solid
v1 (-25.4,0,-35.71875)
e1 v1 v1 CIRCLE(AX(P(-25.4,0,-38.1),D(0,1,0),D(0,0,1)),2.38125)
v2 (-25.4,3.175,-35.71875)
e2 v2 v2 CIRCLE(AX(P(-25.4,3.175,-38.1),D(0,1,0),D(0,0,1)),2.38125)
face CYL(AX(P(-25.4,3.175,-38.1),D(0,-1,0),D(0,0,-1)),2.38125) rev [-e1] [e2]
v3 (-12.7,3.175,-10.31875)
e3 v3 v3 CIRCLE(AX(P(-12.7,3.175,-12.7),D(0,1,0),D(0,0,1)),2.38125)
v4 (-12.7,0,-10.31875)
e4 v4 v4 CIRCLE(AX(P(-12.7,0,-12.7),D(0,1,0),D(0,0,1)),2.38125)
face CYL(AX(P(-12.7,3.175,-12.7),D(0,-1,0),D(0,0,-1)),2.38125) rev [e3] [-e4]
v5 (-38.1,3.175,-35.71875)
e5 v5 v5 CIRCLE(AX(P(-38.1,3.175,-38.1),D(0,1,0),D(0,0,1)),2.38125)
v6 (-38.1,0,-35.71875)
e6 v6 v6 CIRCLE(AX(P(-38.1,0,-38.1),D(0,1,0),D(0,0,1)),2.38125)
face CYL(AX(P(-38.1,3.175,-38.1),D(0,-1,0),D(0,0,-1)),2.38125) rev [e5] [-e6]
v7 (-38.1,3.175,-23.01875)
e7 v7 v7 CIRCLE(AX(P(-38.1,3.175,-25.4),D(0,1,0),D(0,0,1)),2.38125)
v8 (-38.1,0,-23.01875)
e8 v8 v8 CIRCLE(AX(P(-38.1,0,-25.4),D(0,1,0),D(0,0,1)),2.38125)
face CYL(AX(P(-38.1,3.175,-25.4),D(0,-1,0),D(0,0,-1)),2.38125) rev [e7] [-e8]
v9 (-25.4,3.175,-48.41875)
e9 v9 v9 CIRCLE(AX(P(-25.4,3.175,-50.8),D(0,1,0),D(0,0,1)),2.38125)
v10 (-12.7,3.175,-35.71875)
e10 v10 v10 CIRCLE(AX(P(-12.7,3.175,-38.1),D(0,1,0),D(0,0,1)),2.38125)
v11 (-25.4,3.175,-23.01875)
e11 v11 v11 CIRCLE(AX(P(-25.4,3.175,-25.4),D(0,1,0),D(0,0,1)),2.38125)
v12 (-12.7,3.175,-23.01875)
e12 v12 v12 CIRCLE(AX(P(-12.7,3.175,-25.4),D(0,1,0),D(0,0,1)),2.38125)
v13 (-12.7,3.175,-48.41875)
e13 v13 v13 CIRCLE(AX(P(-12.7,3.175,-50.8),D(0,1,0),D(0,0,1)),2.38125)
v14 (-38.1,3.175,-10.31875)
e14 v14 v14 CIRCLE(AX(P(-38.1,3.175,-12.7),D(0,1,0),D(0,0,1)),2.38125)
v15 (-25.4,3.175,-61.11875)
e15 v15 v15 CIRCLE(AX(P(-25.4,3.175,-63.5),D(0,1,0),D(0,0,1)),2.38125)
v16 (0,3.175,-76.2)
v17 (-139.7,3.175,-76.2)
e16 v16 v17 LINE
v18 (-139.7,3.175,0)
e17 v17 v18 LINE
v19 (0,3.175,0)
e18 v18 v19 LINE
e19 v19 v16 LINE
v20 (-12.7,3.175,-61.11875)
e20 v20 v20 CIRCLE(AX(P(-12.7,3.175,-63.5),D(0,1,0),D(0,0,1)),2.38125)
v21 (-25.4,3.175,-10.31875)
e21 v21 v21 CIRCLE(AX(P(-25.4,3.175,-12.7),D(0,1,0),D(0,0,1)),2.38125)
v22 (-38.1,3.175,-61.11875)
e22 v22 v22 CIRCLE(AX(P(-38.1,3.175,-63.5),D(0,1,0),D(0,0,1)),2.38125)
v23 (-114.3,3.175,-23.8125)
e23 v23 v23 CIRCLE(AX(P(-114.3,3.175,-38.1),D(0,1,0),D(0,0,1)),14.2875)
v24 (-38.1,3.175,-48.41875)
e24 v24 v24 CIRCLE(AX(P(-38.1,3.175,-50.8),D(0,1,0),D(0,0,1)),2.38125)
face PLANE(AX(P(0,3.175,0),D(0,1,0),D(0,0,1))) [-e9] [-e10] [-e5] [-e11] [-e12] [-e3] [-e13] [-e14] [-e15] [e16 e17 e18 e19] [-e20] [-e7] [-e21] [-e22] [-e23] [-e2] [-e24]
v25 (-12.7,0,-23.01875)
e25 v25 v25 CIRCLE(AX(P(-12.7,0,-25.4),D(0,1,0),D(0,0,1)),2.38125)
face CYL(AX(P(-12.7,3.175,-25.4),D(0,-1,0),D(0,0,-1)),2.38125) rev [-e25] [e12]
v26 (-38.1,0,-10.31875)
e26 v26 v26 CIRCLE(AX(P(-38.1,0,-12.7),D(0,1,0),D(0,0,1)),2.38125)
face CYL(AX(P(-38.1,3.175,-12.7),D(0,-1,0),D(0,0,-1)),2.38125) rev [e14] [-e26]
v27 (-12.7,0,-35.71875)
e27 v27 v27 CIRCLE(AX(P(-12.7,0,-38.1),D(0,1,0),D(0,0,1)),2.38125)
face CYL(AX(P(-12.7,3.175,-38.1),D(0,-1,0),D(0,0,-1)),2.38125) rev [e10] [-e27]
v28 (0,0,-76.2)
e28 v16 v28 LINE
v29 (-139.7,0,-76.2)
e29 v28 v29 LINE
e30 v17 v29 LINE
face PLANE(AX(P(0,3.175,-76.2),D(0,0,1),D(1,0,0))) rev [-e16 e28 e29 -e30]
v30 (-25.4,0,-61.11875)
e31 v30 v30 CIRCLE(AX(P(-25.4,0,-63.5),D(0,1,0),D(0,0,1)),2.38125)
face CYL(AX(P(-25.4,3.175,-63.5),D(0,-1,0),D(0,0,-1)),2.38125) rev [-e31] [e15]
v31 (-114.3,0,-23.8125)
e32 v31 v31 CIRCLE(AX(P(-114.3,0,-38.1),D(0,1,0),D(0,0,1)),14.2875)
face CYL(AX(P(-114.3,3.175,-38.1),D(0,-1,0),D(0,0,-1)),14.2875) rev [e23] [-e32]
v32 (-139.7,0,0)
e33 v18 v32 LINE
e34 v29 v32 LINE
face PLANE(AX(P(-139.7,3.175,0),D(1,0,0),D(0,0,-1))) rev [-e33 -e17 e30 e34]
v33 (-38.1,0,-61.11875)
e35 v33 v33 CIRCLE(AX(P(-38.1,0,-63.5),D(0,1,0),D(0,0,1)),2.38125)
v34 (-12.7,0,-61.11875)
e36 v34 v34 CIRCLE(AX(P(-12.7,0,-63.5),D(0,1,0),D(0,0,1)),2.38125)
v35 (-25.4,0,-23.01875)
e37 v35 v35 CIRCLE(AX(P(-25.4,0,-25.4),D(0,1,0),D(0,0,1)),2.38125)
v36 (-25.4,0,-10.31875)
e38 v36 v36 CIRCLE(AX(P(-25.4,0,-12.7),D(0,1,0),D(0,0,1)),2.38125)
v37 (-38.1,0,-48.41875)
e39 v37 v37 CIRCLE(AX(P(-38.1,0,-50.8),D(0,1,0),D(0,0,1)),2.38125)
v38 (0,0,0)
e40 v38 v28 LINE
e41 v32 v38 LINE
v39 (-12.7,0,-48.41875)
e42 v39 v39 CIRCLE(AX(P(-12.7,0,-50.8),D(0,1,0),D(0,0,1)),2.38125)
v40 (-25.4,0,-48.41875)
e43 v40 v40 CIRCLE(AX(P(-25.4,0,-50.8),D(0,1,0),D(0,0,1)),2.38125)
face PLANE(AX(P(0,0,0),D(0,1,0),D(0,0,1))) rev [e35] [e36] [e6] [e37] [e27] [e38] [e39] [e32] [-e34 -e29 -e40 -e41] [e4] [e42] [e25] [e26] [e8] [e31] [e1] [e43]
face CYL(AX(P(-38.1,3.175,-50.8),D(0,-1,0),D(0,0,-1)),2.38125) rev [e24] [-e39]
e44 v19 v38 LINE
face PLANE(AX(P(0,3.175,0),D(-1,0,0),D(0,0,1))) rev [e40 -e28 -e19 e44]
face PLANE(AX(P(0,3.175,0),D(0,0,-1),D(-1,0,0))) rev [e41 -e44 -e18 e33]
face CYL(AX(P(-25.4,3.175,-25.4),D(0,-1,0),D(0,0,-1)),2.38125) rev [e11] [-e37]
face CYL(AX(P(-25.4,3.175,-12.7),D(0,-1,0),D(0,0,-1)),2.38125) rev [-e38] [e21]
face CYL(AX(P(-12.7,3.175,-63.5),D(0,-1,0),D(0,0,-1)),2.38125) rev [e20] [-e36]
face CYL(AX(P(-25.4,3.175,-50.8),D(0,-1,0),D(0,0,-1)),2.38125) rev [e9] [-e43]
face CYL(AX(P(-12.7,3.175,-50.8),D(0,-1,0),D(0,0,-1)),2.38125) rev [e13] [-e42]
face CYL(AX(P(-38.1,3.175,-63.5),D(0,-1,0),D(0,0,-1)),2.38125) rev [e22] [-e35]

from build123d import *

# Parameters (mm, degrees)
SKETCH1_W           = 139.7
SKETCH1_H           = 76.2
SKETCH1_R           = 14.2875
SKETCH1_R_2         = 2.38125
BOSS_EXTRUDE1_DEPTH = 3.175


with BuildPart() as part:
    # Sketch1 → Boss-Extrude1 (new body)
    with BuildSketch(Plane(origin=(0, 0, 0), x_dir=(1, 0, 0), z_dir=(0, 1, 0))):
        with Locations((-69.85, 38.1)):
            Rectangle(SKETCH1_W, SKETCH1_H)
        with Locations((-114.3, 38.1)):
            Circle(SKETCH1_R, mode=Mode.SUBTRACT)
        with Locations((-38.1, 12.7)):
            Circle(SKETCH1_R_2, mode=Mode.SUBTRACT)
        with Locations((-25.4, 12.7)):
            Circle(SKETCH1_R_2, mode=Mode.SUBTRACT)
        with Locations((-12.7, 12.7)):
            Circle(SKETCH1_R_2, mode=Mode.SUBTRACT)
        with Locations((-25.4, 25.4)):
            Circle(SKETCH1_R_2, mode=Mode.SUBTRACT)
        with Locations((-12.7, 25.4)):
            Circle(SKETCH1_R_2, mode=Mode.SUBTRACT)
        with Locations((-25.4, 38.1)):
            Circle(SKETCH1_R_2, mode=Mode.SUBTRACT)
        with Locations((-12.7, 38.1)):
            Circle(SKETCH1_R_2, mode=Mode.SUBTRACT)
        with Locations((-25.4, 50.8)):
            Circle(SKETCH1_R_2, mode=Mode.SUBTRACT)
        with Locations((-12.7, 50.8)):
            Circle(SKETCH1_R_2, mode=Mode.SUBTRACT)
        with Locations((-25.4, 63.5)):
            Circle(SKETCH1_R_2, mode=Mode.SUBTRACT)
        with Locations((-12.7, 63.5)):
            Circle(SKETCH1_R_2, mode=Mode.SUBTRACT)
        with Locations((-38.1, 25.4)):
            Circle(SKETCH1_R_2, mode=Mode.SUBTRACT)
        with Locations((-38.1, 38.1)):
            Circle(SKETCH1_R_2, mode=Mode.SUBTRACT)
        with Locations((-38.1, 50.8)):
            Circle(SKETCH1_R_2, mode=Mode.SUBTRACT)
        with Locations((-38.1, 63.5)):
            Circle(SKETCH1_R_2, mode=Mode.SUBTRACT)
    extrude(amount=BOSS_EXTRUDE1_DEPTH)


solid = part.part
